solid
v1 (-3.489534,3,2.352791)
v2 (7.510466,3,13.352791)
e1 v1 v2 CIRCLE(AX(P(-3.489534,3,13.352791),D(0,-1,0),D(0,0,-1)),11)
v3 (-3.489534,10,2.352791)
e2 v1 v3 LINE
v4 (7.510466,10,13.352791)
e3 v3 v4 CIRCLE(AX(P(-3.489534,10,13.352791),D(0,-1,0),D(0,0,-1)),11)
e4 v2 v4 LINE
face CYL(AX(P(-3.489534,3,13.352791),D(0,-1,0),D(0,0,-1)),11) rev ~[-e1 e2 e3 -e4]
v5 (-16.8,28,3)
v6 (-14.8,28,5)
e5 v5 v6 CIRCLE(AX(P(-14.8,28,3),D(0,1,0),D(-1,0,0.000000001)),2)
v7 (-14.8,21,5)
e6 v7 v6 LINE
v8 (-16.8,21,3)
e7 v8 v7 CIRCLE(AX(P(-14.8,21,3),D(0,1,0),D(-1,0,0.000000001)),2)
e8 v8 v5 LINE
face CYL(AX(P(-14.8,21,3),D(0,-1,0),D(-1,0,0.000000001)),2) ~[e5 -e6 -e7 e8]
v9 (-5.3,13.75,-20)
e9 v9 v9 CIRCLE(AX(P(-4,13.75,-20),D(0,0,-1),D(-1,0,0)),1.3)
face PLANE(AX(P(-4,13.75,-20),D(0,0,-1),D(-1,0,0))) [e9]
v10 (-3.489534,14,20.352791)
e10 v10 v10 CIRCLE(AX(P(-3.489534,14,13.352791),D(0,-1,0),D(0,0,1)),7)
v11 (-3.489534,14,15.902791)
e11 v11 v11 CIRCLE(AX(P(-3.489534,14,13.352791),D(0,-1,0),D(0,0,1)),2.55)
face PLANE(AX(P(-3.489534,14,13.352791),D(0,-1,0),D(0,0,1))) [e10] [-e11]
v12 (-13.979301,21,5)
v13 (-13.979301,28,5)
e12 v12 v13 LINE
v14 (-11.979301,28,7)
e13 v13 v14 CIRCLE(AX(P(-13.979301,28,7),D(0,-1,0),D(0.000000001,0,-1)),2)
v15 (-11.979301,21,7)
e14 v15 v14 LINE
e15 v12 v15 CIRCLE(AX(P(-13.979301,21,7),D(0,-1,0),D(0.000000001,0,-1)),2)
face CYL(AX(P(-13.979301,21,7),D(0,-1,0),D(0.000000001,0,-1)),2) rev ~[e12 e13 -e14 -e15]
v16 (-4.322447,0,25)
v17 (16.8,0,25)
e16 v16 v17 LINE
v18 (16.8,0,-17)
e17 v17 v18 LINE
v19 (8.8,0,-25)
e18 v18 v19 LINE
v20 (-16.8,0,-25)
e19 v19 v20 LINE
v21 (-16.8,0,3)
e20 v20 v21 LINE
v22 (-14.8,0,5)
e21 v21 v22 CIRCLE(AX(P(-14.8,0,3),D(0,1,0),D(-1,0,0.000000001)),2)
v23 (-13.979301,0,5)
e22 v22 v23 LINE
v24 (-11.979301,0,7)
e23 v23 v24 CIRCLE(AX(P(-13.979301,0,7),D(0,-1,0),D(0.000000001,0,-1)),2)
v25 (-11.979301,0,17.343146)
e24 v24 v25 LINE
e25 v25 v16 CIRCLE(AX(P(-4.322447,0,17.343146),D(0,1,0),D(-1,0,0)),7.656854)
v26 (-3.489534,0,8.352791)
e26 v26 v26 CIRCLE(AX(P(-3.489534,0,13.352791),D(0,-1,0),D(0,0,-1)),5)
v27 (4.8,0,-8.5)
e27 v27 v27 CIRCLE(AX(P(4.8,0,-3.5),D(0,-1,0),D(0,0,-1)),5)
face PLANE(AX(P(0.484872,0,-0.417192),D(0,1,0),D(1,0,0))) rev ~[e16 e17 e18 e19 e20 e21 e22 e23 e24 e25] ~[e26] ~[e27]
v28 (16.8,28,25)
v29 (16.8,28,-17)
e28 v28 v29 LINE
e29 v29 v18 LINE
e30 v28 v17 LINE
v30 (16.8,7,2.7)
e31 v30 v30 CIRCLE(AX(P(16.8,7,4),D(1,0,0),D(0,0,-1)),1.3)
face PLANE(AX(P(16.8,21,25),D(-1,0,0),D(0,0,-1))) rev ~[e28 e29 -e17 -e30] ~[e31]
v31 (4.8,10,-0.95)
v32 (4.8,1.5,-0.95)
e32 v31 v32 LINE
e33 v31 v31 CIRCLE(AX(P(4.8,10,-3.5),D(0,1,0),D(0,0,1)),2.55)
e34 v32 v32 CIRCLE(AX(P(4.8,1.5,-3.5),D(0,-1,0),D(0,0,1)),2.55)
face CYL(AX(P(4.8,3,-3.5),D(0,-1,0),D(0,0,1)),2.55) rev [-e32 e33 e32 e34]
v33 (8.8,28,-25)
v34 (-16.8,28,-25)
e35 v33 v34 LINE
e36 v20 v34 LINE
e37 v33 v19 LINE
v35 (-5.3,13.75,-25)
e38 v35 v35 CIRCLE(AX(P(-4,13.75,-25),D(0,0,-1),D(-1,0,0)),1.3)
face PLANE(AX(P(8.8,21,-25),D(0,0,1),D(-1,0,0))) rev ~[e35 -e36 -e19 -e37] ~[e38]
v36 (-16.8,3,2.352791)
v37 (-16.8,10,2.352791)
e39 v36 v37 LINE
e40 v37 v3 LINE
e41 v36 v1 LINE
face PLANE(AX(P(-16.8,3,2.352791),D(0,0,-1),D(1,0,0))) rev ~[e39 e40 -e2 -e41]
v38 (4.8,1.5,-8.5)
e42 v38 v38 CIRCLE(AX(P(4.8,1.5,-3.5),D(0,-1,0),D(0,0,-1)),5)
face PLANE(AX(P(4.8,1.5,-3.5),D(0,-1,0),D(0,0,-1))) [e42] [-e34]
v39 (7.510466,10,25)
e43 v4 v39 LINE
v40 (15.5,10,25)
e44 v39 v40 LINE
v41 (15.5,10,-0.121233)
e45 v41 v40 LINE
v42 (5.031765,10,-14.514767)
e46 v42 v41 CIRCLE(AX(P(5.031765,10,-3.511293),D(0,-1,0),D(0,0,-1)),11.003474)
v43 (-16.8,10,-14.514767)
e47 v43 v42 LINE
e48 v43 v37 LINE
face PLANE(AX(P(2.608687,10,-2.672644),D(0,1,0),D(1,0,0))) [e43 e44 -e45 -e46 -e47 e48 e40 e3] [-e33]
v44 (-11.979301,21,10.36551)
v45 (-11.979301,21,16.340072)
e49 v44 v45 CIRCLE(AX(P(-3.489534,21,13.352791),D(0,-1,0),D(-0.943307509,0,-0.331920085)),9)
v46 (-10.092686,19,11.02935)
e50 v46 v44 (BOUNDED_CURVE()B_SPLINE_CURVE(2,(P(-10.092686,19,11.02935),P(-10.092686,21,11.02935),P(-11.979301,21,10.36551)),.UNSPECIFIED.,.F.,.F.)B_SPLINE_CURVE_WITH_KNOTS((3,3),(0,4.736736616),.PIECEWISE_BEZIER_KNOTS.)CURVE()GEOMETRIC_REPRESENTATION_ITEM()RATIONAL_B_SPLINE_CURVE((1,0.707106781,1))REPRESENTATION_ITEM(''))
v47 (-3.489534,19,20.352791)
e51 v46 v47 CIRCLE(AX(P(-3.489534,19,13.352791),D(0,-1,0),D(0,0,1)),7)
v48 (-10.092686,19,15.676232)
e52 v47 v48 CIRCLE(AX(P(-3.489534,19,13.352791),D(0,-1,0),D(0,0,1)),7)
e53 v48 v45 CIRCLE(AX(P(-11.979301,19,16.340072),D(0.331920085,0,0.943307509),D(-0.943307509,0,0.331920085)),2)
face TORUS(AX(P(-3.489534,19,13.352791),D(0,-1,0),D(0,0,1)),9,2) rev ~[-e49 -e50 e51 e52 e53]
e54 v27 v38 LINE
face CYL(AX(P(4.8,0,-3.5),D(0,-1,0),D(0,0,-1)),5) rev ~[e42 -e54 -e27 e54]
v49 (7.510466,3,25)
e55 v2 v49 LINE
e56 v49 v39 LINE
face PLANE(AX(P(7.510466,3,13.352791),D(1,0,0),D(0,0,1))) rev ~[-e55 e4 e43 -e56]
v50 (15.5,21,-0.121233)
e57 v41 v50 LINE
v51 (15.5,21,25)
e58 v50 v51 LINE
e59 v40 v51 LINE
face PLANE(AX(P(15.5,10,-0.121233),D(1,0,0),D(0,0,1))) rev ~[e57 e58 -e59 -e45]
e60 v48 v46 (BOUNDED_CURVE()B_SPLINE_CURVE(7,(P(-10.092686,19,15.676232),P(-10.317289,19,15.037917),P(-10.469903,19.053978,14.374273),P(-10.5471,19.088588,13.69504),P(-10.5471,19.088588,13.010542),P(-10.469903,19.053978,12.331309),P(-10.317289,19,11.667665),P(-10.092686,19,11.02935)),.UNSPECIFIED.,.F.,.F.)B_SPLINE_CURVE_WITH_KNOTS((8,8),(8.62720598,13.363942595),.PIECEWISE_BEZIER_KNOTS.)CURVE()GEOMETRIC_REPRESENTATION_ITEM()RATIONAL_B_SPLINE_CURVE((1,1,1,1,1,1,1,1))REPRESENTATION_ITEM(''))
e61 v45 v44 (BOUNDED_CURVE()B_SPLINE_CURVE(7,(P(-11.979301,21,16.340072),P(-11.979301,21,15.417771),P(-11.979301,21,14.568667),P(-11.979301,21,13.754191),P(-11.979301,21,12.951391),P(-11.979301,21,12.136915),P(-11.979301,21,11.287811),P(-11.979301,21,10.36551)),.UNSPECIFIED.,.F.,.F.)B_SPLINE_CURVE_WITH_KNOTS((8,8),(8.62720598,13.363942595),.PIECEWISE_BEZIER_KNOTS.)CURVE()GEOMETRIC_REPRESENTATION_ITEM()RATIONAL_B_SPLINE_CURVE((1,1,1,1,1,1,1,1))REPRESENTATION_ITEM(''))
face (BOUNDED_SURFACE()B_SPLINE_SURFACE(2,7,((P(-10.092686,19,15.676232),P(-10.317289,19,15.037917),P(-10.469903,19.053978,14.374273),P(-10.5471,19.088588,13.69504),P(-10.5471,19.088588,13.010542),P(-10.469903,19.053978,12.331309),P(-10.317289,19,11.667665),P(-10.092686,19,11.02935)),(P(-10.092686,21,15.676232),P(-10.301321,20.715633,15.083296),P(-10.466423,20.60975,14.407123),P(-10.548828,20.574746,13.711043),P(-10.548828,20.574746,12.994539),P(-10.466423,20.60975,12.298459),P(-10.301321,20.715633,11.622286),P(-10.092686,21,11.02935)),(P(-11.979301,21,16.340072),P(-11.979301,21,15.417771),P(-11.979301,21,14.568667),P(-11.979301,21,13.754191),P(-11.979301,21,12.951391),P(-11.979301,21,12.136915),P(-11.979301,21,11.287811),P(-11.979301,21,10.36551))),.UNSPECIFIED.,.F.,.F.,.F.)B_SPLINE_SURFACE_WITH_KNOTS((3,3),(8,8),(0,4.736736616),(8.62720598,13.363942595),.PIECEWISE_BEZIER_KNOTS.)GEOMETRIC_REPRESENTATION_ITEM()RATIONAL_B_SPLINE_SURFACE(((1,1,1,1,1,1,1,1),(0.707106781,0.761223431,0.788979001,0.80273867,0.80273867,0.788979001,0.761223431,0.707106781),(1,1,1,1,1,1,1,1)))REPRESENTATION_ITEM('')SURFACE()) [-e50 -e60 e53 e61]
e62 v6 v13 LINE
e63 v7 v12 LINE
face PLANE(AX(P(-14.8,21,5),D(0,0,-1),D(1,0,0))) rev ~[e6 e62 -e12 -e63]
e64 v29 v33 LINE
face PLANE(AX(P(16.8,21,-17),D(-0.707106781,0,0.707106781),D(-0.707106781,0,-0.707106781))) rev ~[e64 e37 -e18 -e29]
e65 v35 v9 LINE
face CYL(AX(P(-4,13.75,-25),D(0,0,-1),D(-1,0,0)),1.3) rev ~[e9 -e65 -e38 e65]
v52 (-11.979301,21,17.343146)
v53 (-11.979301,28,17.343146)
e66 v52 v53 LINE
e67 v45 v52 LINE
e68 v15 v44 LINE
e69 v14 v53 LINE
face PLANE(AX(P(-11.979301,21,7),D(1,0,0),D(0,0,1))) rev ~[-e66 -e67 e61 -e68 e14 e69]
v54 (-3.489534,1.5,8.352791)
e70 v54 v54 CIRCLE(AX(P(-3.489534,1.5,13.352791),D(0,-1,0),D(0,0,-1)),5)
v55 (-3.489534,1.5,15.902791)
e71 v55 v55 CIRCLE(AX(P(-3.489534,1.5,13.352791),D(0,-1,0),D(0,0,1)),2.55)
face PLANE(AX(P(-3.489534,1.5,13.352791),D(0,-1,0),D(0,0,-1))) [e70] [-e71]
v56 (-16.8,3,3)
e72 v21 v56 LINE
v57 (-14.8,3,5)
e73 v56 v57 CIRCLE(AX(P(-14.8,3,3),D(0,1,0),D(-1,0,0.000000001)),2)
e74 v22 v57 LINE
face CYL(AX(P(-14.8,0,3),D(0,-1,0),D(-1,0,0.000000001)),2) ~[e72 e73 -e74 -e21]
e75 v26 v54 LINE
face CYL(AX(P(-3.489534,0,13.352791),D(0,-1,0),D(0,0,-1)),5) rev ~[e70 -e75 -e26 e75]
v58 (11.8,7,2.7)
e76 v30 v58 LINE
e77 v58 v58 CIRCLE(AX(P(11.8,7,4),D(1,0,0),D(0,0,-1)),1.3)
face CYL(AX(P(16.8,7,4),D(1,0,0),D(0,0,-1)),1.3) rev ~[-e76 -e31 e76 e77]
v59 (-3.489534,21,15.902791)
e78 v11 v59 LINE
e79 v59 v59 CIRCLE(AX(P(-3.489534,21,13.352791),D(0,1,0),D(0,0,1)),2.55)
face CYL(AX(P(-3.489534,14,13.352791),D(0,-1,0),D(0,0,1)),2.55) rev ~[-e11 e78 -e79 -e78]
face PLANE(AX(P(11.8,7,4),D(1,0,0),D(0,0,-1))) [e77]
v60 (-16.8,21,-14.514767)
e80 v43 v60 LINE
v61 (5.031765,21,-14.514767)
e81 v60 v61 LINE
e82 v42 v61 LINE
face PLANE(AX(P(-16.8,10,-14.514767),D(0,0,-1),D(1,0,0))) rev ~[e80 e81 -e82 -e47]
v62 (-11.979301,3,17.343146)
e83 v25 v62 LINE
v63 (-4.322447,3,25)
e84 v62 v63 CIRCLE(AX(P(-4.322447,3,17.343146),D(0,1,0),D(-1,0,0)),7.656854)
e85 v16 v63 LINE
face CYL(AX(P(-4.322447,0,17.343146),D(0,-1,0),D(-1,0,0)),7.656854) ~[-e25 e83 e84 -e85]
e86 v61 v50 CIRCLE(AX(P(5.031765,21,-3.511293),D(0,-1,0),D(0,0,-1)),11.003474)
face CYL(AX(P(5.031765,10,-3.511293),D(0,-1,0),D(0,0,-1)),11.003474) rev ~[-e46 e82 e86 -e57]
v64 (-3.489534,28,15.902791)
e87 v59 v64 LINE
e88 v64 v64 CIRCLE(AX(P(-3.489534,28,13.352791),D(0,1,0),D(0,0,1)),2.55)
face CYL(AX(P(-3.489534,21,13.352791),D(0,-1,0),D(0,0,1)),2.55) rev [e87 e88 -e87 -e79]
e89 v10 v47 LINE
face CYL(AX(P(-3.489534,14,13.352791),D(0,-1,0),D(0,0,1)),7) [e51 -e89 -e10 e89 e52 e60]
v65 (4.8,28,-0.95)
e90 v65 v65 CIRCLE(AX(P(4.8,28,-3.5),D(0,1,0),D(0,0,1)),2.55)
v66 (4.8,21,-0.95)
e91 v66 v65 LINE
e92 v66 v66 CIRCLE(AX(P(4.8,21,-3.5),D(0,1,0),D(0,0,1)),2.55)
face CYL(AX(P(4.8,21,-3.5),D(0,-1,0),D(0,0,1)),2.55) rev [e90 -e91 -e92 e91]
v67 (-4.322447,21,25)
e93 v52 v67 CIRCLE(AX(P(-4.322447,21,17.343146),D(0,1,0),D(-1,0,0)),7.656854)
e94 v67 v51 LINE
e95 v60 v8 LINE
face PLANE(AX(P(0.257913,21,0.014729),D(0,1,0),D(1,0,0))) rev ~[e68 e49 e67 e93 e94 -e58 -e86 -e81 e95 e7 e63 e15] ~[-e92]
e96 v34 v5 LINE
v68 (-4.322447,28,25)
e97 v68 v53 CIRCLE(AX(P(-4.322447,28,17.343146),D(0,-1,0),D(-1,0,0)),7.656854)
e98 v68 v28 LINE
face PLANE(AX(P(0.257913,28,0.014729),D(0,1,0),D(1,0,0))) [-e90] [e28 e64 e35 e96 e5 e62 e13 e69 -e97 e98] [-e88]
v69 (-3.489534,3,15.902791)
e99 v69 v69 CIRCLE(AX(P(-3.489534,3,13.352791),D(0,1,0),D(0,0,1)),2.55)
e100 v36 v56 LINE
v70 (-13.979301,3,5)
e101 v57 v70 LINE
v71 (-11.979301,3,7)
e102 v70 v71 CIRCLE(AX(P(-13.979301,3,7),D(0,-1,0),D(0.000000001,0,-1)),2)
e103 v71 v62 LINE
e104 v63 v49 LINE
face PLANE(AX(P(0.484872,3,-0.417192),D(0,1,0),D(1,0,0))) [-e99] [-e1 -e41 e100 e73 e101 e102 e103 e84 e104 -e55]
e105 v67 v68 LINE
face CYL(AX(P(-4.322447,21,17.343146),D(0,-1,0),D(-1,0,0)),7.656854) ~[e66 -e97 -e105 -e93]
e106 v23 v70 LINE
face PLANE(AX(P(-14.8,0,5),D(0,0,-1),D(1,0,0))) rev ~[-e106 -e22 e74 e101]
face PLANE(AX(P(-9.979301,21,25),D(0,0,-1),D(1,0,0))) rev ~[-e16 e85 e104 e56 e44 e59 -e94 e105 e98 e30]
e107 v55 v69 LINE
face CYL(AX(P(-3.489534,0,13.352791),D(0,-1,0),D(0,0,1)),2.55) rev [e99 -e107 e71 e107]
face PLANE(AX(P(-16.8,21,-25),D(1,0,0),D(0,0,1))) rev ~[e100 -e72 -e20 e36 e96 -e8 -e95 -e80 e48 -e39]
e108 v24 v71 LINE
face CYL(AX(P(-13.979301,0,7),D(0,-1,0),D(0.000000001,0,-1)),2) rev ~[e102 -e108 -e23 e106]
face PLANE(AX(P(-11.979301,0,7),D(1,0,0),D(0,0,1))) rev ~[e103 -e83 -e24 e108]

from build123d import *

# Parameters (mm, degrees)
SKETCH_1_R          = 2.55
EXTRUDE_1_DEPTH     = 3
SKETCH_3_R          = 2.55
EXTRUDE_2_DEPTH     = 7
EXTRUDE_3_DEPTH     = 11
SKETCH_5_R          = 2.55
EXTRUDE_4_DEPTH     = 7
EXTRUDE_START       = 7
SKETCH_6_R          = 7
SKETCH_6_R_2        = 2.55
EXTRUDE_5_DEPTH     = 7
SKETCH_7_R          = 1.3
CUT_EXTRUDE_1_DEPTH = 5
SKETCH_8_R          = 1.3
CUT_EXTRUDE_2_DEPTH = 5
SKETCH_9_R          = 5
CUT_EXTRUDE_3_DEPTH = 1.5
CUT_EXTRUDE_4_REACH = 38.718
FILLET_1_R          = 2


with BuildPart() as part:
    # Эскиз1 → Бобышка-Вытянуть1 (new body)
    with BuildSketch(Plane(origin=(0, 0, 0), x_dir=(1, 0, 0), z_dir=(0, 1, 0))):
        with BuildLine():
            Line((8.8, 25), (-16.8, 25))
            Line((-16.8, 25), (-16.8, -3))
            ThreePointArc((-16.8, -3), (-16.214213562, -4.414213562), (-14.8, -5))
            Line((-14.8, -5), (-13.979301231, -5))
            ThreePointArc((-13.979301231, -5), (-12.565087669, -5.585786438), (-11.979301231, -7))
            Line((-11.979301231, -7), (-11.979301231, -17.343145751))
            ThreePointArc((-11.979301231, -17.343145751), (-9.736660544, -22.757359313), (-4.322446982, -25))
            Line((-4.322446982, -25), (16.8, -25))
            Line((16.8, -25), (16.8, 17))
            Line((16.8, 17), (8.8, 25))
        make_face()
        with Locations(Location((4.8, 3.5, 0), (0, 0, 270))):
            Circle(SKETCH_1_R, mode=Mode.SUBTRACT)
        with Locations(Location((-3.489533647, -13.352791034, 0), (0, 0, 270))):
            Circle(SKETCH_1_R, mode=Mode.SUBTRACT)
    extrude(amount=EXTRUDE_1_DEPTH)

    # Эскиз3 → Бобышка-Вытянуть2 (add)
    with BuildSketch(Plane(origin=(0, 3, 0), x_dir=(1, 0, 0), z_dir=(0, 1, 0))):
        with BuildLine():
            Line((8.8, 25), (-16.8, 25))
            Line((-16.8, 25), (-16.8, -2.352791034))
            Line((-16.8, -2.352791034), (-3.489533647, -2.352791034))
            ThreePointArc((-3.489533647, -2.352791034), (4.288640946, -5.574616441), (7.510466353, -13.352791034))
            Line((7.510466353, -13.352791034), (7.510466353, -25))
            Line((7.510466353, -25), (16.8, -25))
            Line((16.8, -25), (16.8, 17))
            Line((16.8, 17), (8.8, 25))
        make_face()
        with Locations(Location((4.8, 3.5, 0), (0, 0, 270))):
            Circle(SKETCH_3_R, mode=Mode.SUBTRACT)
    extrude(amount=EXTRUDE_2_DEPTH)

    # Эскиз4 → Бобышка-Вытянуть3 (add)
    with BuildSketch(Plane(origin=(0, 10, 0), x_dir=(1, 0, 0), z_dir=(0, 1, 0))):
        with BuildLine():
            Line((8.8, 25), (-16.8, 25))
            Line((-16.8, 25), (-16.8, 14.51476677))
            Line((-16.8, 14.51476677), (5.031765415, 14.51476677))
            ThreePointArc((5.031765415, 14.51476677), (13.930610034, 9.983309776), (15.5, 0.121233261))
            Line((15.5, 0.121233261), (15.5, -25))
            Line((15.5, -25), (16.8, -25))
            Line((16.8, -25), (16.8, 17))
            Line((16.8, 17), (8.8, 25))
        make_face()
    extrude(amount=EXTRUDE_3_DEPTH)

    # Эскиз5 → Бобышка-Вытянуть4 (add)
    with BuildSketch(Plane(origin=(0, 21, 0), x_dir=(1, 0, 0), z_dir=(0, 1, 0))):
        with BuildLine():
            Line((8.8, 25), (-16.8, 25))
            Line((-16.8, 25), (-16.8, -3))
            ThreePointArc((-16.8, -3), (-16.214213562, -4.414213562), (-14.8, -5))
            Line((-14.8, -5), (-13.979301231, -5))
            ThreePointArc((-13.979301231, -5), (-12.565087669, -5.585786438), (-11.979301231, -7))
            Line((-11.979301231, -7), (-11.979301231, -23))
            ThreePointArc((-11.979301231, -23), (-11.393514794, -24.414213562), (-9.979301231, -25))
            Line((-9.979301231, -25), (16.8, -25))
            Line((16.8, -25), (16.8, 17))
            Line((16.8, 17), (8.8, 25))
        make_face()
        with Locations(Location((4.8, 3.5, 0), (0, 0, 270))):
            Circle(SKETCH_5_R, mode=Mode.SUBTRACT)
        with Locations(Location((-3.489533647, -13.352791034, 0), (0, 0, 270))):
            Circle(SKETCH_5_R, mode=Mode.SUBTRACT)
    extrude(amount=EXTRUDE_4_DEPTH)

    # Эскиз6 → Бобышка-Вытянуть5 (add)
    with BuildSketch(Plane.XZ.offset(-21).offset(EXTRUDE_START)):
        with Locations(Location((-3.489533647, 13.352791034, 0), (0, 0, 90))):
            Circle(SKETCH_6_R)
        with Locations(Location((-3.489533647, 13.352791034, 0), (0, 0, 90))):
            Circle(SKETCH_6_R_2, mode=Mode.SUBTRACT)
    extrude(amount=-EXTRUDE_5_DEPTH)

    # Эскиз7 → Вырез-Вытянуть1 (cut)
    with BuildSketch(Plane(origin=(0, 0, -25), x_dir=(-1, 0, 0), z_dir=(0, 0, -1))):
        with Locations((4, 13.75)):
            Circle(SKETCH_7_R)
    extrude(amount=-CUT_EXTRUDE_1_DEPTH, mode=Mode.SUBTRACT)

    # Эскиз8 → Вырез-Вытянуть2 (cut)
    with BuildSketch(Plane(origin=(16.8, 0, 0), x_dir=(0, 0, -1), z_dir=(1, 0, 0))):
        with Locations((-4, 7)):
            Circle(SKETCH_8_R)
    extrude(amount=-CUT_EXTRUDE_2_DEPTH, mode=Mode.SUBTRACT)

    # Эскиз9 → Вырез-Вытянуть3 (cut)
    with BuildSketch(Plane.XZ):
        with Locations(Location((-3.489533647, 13.352791034, 0), (0, 0, 270))):
            Circle(SKETCH_9_R)
        with Locations(Location((4.8, -3.5, 0), (0, 0, 270))):
            Circle(SKETCH_9_R)
    extrude(amount=-CUT_EXTRUDE_3_DEPTH, mode=Mode.SUBTRACT)

    # Эскиз10 → Вырез-Вытянуть4 (cut, up to next)
    with BuildSketch(Plane.XZ.offset(-21), mode=Mode.PRIVATE) as cut_extrude_4_sk1:
        with BuildLine():
            Line((-4.322446982, 25), (-11.979301231, 25))
            Line((-11.979301231, 25), (-11.979301231, 17.343145751))
            ThreePointArc((-11.979301231, 17.343145751), (-9.736660544, 22.757359313), (-4.322446982, 25))
        make_face()
    cut_extrude_4_tool1 = extrude(cut_extrude_4_sk1.sketch, amount=-CUT_EXTRUDE_4_REACH, mode=Mode.PRIVATE) & part.part
    add(cut_extrude_4_tool1.solids().sort_by_distance((-10.269005, 21, 23.289704))[0], mode=Mode.SUBTRACT)

    # Скругление1
    fillet_1_edges = [part.edges().sort_by_distance(p)[0] for p in [
        (-3.489533647, 21, 6.352791034),
    ]]
    fillet(fillet_1_edges, radius=FILLET_1_R)


solid = part.part
